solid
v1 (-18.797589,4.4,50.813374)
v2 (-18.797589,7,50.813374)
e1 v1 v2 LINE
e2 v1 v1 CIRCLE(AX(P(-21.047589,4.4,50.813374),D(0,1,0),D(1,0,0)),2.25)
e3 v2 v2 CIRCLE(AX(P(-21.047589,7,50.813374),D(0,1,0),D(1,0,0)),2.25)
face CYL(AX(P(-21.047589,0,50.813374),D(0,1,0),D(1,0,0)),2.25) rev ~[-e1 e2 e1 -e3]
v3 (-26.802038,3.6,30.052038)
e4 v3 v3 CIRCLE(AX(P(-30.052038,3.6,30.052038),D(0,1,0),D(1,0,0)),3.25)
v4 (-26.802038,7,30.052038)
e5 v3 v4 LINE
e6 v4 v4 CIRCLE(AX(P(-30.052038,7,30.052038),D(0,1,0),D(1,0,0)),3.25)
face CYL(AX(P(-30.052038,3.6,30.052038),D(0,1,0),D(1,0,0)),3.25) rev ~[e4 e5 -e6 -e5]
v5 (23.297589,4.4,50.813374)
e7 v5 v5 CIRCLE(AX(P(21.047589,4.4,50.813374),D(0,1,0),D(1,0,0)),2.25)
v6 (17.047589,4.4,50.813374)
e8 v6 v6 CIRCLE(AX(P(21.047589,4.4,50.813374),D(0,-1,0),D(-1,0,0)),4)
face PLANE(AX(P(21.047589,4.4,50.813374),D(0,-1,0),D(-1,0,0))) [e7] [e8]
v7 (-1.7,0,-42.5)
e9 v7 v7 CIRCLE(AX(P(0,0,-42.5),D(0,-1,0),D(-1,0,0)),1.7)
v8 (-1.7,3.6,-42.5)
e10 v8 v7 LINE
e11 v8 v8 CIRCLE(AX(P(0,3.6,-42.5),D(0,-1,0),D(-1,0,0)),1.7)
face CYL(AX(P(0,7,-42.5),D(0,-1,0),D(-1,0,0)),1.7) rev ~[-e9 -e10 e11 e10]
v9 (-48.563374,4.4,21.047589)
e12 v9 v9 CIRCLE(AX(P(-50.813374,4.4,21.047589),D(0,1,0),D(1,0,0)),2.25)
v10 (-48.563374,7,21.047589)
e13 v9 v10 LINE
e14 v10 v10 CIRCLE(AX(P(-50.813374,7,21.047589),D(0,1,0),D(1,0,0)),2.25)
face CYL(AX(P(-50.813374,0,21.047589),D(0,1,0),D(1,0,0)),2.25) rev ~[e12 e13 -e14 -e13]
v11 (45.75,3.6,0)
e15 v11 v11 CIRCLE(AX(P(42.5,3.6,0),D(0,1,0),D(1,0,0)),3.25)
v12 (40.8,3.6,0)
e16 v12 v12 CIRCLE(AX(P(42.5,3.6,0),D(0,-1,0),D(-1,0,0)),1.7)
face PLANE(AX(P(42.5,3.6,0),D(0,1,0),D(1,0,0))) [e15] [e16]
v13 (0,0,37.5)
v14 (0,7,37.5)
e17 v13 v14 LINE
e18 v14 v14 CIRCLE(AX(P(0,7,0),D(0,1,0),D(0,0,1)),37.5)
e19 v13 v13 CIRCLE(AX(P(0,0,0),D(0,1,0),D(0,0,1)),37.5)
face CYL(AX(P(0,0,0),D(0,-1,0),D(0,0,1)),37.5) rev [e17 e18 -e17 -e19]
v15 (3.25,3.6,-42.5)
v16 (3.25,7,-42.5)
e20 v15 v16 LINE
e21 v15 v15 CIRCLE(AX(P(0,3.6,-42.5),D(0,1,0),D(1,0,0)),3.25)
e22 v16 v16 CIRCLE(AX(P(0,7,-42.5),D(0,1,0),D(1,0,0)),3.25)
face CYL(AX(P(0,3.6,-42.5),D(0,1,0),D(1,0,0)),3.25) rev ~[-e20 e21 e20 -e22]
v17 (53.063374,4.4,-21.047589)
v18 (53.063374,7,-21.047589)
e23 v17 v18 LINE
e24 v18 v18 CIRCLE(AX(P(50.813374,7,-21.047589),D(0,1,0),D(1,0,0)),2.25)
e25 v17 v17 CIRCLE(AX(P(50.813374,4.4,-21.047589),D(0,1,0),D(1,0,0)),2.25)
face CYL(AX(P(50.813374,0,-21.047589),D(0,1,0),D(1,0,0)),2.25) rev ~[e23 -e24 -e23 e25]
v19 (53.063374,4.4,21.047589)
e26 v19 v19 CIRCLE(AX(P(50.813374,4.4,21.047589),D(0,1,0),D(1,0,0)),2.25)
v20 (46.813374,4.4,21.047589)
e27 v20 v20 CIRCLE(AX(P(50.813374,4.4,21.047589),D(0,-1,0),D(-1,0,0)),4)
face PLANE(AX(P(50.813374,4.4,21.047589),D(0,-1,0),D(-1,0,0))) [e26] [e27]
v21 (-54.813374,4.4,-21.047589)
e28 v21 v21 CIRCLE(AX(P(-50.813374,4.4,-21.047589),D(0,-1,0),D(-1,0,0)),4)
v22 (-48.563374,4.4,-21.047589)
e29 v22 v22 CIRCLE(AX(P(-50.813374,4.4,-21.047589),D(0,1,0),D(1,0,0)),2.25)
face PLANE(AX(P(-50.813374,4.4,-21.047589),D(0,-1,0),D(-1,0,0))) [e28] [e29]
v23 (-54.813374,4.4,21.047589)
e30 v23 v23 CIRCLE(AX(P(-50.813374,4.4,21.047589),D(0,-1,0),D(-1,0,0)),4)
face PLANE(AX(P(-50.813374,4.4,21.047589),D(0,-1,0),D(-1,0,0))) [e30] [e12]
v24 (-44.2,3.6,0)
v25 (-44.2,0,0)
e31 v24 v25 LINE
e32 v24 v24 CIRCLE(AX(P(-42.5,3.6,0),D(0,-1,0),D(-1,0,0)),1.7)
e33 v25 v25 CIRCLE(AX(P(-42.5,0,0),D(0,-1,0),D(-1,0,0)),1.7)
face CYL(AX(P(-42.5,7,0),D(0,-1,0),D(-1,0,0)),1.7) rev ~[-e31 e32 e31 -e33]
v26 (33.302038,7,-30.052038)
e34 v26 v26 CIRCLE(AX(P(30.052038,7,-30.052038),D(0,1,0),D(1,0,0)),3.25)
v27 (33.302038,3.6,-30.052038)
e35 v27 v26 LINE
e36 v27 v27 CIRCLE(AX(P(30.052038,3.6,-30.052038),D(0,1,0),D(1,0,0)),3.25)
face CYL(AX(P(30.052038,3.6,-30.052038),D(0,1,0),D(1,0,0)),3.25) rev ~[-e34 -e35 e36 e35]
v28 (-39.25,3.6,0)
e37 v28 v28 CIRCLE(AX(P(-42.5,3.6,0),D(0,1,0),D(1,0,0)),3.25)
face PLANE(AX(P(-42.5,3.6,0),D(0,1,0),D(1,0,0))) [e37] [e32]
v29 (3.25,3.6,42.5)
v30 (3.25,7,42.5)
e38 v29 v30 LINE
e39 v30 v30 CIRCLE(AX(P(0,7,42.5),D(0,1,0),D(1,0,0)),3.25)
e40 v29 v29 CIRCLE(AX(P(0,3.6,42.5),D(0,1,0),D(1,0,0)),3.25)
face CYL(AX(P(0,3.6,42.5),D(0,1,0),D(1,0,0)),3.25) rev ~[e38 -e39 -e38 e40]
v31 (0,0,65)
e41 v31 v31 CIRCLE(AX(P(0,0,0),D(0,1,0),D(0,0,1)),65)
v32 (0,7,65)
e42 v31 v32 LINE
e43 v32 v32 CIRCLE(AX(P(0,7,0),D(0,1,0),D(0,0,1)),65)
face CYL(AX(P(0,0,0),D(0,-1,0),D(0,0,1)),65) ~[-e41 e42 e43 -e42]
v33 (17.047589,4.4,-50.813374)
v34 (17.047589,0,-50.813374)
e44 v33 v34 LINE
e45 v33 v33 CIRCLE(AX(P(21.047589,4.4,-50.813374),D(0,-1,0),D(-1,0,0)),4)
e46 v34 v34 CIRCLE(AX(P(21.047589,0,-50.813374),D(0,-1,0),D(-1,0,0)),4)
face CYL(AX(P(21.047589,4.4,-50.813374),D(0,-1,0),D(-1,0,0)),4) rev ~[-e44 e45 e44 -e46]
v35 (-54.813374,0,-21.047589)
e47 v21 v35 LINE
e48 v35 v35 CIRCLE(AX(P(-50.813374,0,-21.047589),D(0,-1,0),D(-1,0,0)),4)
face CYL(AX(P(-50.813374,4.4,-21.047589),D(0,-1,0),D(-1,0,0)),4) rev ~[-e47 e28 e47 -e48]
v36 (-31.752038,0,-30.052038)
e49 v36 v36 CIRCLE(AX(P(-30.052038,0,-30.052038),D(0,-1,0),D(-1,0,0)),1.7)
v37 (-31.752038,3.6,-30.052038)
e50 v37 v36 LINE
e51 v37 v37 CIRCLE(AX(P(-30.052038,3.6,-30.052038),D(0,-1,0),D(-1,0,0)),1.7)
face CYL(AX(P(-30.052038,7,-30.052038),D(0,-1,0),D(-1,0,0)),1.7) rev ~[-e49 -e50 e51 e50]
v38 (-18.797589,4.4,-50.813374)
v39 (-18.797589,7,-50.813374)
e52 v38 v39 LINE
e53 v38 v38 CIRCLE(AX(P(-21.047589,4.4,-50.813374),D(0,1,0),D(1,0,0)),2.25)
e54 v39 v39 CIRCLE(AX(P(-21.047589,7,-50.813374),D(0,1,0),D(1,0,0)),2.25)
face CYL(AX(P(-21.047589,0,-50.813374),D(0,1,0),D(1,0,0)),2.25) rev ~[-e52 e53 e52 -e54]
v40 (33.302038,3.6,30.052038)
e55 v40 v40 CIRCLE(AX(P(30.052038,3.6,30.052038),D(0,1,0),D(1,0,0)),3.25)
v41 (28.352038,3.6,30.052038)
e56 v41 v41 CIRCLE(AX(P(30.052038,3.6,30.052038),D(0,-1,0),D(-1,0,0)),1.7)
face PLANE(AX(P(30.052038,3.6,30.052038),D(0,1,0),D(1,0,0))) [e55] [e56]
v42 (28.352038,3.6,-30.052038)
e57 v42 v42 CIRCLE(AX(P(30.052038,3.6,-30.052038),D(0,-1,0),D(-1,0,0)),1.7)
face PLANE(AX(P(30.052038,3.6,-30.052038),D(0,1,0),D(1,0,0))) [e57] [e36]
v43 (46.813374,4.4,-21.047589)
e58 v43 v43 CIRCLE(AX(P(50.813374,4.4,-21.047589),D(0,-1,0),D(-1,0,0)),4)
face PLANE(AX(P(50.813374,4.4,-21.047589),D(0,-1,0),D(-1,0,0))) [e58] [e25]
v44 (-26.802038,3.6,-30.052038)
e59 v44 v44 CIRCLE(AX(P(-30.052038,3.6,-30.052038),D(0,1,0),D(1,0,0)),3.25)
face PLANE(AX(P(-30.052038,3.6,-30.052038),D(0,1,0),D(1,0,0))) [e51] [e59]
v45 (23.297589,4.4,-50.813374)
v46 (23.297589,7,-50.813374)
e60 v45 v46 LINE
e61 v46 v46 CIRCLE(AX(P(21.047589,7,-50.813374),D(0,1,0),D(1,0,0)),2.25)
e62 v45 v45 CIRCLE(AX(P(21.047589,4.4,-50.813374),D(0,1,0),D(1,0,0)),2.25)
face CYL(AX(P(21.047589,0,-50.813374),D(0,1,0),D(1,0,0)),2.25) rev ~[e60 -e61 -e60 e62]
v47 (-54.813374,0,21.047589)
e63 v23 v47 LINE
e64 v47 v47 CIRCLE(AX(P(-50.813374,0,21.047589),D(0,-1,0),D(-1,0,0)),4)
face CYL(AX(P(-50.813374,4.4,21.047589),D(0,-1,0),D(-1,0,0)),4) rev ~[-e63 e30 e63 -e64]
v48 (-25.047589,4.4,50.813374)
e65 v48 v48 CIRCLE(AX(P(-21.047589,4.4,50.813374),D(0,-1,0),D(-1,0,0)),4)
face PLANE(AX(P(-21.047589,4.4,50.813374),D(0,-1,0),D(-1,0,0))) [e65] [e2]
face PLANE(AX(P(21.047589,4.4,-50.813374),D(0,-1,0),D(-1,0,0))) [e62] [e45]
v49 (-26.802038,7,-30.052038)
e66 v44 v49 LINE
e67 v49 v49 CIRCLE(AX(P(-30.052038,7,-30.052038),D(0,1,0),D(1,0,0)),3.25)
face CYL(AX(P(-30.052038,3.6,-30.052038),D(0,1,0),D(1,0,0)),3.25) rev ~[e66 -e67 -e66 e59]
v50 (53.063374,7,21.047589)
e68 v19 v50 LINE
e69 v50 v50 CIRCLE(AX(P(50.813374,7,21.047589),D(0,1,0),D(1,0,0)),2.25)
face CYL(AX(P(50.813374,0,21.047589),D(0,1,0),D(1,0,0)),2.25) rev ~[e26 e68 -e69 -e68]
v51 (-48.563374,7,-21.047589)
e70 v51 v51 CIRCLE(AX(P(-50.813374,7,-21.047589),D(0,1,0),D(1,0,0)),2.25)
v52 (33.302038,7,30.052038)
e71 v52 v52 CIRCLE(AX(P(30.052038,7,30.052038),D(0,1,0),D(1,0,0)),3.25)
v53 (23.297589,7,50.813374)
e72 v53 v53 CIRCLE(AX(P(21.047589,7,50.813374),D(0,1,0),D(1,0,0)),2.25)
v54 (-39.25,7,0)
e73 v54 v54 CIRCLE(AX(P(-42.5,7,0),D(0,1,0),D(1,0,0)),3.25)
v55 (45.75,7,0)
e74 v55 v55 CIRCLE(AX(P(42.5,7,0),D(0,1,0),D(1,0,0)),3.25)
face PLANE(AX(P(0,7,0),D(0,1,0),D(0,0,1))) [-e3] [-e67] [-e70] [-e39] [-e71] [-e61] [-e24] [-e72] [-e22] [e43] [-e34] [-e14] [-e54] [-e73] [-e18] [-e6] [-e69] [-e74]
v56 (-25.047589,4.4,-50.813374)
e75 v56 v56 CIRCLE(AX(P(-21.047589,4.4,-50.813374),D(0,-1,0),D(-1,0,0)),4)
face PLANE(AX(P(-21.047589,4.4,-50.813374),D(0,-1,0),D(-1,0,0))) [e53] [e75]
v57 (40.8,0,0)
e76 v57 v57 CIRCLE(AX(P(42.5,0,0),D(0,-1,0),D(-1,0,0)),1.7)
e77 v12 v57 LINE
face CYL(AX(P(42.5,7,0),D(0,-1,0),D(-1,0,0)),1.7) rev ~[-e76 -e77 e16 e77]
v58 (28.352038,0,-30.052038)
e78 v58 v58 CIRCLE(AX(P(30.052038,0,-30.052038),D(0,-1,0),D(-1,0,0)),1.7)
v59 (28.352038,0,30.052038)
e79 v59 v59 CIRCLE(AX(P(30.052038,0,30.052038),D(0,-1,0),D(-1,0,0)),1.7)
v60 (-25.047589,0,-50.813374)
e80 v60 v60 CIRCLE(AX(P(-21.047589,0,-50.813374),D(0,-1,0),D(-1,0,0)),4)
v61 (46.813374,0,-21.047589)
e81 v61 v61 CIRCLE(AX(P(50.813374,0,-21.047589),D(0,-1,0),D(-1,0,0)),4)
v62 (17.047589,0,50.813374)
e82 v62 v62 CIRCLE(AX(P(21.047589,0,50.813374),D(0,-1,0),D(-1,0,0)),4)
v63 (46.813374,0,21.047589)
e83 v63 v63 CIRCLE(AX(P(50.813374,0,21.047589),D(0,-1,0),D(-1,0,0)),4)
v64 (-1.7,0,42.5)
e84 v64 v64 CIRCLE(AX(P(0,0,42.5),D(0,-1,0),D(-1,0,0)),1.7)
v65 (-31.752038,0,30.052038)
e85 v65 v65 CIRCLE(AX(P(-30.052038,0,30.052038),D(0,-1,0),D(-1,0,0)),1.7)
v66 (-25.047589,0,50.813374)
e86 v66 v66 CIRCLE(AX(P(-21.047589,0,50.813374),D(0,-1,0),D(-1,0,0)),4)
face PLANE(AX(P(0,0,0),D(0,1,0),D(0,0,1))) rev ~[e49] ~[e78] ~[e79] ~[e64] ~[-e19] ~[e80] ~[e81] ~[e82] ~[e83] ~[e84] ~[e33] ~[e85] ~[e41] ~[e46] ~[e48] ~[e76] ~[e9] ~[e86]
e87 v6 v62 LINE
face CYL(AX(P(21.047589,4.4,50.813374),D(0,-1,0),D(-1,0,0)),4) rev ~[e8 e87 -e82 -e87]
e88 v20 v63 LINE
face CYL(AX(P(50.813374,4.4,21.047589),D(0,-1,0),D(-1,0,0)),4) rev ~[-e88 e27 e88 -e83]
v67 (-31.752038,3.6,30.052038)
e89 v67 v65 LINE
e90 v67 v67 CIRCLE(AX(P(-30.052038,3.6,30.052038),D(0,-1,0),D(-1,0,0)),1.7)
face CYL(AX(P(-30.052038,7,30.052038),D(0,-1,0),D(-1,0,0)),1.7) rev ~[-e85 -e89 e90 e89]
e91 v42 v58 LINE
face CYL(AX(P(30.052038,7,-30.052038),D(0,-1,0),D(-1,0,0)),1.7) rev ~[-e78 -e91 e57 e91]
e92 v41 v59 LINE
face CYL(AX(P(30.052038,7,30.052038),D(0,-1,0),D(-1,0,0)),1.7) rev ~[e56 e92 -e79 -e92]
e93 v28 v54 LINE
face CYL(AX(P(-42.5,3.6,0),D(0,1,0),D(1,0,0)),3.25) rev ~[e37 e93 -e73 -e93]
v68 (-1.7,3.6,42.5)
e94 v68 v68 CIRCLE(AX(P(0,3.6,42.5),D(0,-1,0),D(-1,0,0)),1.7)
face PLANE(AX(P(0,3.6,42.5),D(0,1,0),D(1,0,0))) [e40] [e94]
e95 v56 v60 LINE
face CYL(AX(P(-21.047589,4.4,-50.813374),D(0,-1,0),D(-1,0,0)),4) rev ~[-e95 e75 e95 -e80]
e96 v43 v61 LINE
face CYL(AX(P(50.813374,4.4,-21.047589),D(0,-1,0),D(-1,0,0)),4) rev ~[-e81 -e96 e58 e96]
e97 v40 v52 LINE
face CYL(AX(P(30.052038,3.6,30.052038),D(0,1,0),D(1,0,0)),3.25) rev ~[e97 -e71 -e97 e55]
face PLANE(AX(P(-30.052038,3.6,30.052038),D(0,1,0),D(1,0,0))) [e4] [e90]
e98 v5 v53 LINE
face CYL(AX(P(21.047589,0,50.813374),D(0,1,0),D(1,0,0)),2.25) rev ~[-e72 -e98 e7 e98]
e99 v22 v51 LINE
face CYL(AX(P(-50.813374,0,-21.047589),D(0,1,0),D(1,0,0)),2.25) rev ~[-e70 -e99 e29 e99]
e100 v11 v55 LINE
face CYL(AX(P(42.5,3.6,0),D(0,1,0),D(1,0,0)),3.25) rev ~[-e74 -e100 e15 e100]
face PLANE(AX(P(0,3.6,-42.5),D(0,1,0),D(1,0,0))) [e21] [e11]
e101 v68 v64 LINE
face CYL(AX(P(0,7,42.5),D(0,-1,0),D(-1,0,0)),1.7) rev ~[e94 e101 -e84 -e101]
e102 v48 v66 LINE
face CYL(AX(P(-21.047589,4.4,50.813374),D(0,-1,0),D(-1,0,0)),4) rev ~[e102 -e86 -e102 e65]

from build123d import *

# Parameters (mm, degrees)
SKETCH1_R                                           = 65
SKETCH1_R_2                                         = 37.5
BOSS_EXTRUDE1_DEPTH                                 = 7
CBORE_FOR_M3_HEX_SOCKET_HEAD_CAP_SCREW1_D           = 3.4
CBORE_FOR_M3_HEX_SOCKET_HEAD_CAP_SCREW1_CBORE_D     = 6.5
CBORE_FOR_M3_HEX_SOCKET_HEAD_CAP_SCREW1_CBORE_DEPTH = 3.4
CBORE_FOR_M4_HEX_SOCKET_HEAD_CAP_SCREW1_D           = 4.5
CBORE_FOR_M4_HEX_SOCKET_HEAD_CAP_SCREW1_CBORE_D     = 8
CBORE_FOR_M4_HEX_SOCKET_HEAD_CAP_SCREW1_CBORE_DEPTH = 4.4


with BuildPart() as part:
    # Sketch1 → Boss-Extrude1 (new body)
    with BuildSketch(Plane(origin=(0, 0, 0), x_dir=(1, 0, 0), z_dir=(0, 1, 0))):
        with Locations(Location((0, 0, 0), (0, 0, 270))):
            Circle(SKETCH1_R)
        with Locations(Location((0, 0, 0), (0, 0, 270))):
            Circle(SKETCH1_R_2, mode=Mode.SUBTRACT)
    extrude(amount=BOSS_EXTRUDE1_DEPTH)

    # CBORE for M3 Hex Socket Head Cap Screw1 (through all)
    with Locations(Plane(origin=(0, 7, 0), x_dir=(1, 0, 0), z_dir=(0, 1, 0))):
        with Locations((-30.0520382, 30.0520382), (0, 42.5), (30.0520382, 30.0520382), (42.5, 0), (30.0520382, -30.0520382), (0, -42.5), (-30.0520382, -30.0520382), (-42.5, 0)):
            CounterBoreHole(CBORE_FOR_M3_HEX_SOCKET_HEAD_CAP_SCREW1_D / 2, CBORE_FOR_M3_HEX_SOCKET_HEAD_CAP_SCREW1_CBORE_D / 2, CBORE_FOR_M3_HEX_SOCKET_HEAD_CAP_SCREW1_CBORE_DEPTH)

    # CBORE for M4 Hex Socket Head Cap Screw1 (through all)
    with Locations(Plane(origin=(0, 0, 0), x_dir=(-1, 0, 0), z_dir=(0, -1, 0))):
        with Locations((-50.813374288, -21.04758878), (-50.813374288, 21.04758878), (-21.04758878, 50.813374288), (21.04758878, 50.813374288), (50.813374288, 21.04758878), (50.813374288, -21.04758878), (21.04758878, -50.813374288), (-21.04758878, -50.813374288)):
            CounterBoreHole(CBORE_FOR_M4_HEX_SOCKET_HEAD_CAP_SCREW1_D / 2, CBORE_FOR_M4_HEX_SOCKET_HEAD_CAP_SCREW1_CBORE_D / 2, CBORE_FOR_M4_HEX_SOCKET_HEAD_CAP_SCREW1_CBORE_DEPTH)


solid = part.part
